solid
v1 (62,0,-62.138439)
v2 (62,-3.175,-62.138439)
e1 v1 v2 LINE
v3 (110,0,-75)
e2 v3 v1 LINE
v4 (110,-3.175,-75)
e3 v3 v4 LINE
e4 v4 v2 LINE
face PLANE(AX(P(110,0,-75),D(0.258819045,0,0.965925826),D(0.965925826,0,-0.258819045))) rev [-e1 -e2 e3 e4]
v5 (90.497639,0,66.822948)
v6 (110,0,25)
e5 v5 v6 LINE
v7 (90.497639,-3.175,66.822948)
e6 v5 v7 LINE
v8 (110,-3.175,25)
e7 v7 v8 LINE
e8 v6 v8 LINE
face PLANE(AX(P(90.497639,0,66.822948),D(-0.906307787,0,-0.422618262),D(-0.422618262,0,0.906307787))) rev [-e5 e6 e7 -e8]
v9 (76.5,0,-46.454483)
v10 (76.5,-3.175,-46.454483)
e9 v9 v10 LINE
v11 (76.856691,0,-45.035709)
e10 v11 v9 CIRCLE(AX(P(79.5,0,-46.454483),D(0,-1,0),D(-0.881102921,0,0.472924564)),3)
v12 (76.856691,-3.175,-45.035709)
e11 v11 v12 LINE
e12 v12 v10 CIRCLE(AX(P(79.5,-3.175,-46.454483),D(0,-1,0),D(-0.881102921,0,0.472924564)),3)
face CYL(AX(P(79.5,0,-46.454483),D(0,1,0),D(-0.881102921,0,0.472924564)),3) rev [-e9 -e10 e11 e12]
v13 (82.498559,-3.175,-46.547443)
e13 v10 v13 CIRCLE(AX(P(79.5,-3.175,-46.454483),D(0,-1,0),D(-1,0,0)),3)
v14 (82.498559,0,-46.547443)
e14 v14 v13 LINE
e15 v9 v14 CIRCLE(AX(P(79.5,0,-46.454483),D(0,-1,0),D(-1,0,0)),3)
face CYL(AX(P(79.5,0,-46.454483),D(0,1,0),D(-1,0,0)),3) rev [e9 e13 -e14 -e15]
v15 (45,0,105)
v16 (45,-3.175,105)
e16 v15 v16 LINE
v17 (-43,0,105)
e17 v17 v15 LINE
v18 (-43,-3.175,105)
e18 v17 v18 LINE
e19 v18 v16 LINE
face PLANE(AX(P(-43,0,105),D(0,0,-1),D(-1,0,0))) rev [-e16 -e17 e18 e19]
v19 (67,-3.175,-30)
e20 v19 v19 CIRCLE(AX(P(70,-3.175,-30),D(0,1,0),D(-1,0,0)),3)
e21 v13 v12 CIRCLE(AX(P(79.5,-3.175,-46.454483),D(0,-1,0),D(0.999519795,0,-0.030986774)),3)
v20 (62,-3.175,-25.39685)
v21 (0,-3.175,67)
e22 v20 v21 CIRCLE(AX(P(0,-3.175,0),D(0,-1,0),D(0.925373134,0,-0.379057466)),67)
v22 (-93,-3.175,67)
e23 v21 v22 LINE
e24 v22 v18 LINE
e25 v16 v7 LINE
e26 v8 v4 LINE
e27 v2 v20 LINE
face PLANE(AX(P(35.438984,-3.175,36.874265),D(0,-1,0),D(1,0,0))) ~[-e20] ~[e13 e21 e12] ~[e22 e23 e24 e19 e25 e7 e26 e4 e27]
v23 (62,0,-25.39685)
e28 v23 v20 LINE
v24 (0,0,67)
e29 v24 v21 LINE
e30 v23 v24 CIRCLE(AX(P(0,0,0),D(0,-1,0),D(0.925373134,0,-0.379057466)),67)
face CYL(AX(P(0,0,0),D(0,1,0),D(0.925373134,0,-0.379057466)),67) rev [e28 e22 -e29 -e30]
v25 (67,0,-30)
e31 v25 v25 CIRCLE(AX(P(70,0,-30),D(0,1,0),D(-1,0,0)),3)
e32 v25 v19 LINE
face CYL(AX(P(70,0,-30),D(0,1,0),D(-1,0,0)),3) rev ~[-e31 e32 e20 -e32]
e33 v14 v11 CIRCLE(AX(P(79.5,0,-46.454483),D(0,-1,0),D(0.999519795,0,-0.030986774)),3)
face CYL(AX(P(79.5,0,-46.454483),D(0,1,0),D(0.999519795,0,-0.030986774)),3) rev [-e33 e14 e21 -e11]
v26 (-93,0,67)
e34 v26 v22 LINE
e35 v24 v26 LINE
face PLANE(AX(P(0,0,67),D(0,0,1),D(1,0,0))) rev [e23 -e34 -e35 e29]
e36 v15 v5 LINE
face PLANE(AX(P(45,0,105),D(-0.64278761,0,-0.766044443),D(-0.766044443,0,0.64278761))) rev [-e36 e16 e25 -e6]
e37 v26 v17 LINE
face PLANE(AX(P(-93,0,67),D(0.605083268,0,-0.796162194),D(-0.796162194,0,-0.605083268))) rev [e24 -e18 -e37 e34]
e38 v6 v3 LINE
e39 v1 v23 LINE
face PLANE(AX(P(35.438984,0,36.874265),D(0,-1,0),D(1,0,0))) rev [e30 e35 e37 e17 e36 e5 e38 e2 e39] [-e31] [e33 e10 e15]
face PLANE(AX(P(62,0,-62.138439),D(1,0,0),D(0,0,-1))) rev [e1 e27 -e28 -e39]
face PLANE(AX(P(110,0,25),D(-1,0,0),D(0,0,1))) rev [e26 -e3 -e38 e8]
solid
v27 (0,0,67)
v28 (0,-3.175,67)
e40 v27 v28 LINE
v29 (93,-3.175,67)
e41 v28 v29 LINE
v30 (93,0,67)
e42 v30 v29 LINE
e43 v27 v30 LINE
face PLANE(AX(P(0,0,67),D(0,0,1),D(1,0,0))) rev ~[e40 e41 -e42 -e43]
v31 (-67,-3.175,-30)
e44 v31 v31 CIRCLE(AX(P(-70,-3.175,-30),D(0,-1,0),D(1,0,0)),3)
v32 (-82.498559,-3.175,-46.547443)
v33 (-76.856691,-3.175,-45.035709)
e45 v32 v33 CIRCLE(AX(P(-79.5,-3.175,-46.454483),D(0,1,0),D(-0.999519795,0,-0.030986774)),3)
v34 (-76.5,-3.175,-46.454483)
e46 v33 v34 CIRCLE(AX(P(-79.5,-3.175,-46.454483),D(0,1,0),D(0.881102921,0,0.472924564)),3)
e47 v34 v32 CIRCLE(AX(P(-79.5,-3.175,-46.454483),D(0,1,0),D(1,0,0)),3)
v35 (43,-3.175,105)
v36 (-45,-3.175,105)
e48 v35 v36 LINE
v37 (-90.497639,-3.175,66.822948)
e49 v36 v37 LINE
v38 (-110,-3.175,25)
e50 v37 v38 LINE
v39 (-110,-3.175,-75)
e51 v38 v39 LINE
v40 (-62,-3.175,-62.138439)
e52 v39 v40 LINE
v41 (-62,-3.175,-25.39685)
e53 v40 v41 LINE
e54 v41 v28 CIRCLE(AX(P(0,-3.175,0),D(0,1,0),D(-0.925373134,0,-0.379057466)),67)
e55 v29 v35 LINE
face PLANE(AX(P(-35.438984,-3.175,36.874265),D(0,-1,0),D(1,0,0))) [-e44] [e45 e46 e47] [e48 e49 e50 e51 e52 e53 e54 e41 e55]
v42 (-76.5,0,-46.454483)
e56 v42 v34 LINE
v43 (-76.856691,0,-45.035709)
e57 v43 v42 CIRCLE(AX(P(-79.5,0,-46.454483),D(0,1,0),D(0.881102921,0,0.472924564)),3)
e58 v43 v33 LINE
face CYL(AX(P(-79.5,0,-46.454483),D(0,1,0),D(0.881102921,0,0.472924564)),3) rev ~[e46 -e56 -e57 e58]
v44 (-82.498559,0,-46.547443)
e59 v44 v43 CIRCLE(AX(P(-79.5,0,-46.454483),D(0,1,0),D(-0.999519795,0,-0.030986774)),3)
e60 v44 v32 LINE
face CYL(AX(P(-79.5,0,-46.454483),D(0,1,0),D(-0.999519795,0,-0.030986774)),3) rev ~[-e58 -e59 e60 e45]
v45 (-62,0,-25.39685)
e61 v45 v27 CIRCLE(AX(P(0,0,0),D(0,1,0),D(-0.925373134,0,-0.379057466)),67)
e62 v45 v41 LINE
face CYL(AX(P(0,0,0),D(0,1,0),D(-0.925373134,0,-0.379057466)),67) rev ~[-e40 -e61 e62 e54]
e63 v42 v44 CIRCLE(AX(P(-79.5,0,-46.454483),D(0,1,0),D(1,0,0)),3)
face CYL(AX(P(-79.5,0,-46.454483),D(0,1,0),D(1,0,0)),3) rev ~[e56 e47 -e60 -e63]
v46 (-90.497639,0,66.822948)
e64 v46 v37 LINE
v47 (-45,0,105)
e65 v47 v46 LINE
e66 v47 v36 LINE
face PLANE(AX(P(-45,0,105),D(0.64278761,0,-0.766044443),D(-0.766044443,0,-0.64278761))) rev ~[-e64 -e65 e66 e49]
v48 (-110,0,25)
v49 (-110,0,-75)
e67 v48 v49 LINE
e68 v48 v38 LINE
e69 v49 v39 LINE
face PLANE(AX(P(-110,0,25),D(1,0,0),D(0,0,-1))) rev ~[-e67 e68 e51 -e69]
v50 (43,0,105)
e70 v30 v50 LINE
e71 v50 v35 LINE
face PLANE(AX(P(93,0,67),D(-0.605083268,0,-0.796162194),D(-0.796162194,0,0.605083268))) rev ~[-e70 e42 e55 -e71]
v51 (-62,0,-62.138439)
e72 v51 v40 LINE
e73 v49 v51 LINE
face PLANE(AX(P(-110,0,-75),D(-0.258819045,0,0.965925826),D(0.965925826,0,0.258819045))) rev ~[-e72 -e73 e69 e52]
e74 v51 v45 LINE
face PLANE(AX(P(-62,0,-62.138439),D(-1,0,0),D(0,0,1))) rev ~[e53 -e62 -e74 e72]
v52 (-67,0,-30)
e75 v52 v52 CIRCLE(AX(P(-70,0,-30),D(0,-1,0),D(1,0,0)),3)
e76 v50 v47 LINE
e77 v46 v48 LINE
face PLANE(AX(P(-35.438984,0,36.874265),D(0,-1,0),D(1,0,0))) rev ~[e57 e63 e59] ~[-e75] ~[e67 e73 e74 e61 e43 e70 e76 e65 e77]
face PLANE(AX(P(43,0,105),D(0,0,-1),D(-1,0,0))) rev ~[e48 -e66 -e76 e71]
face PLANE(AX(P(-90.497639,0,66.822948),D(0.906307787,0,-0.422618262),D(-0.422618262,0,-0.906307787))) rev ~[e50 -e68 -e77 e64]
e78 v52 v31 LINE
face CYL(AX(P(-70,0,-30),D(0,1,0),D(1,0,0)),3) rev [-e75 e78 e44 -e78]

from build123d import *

# Parameters (mm, degrees)
F0_R     = 3
F1_DEPTH = 3.175


with BuildPart() as f1:
    # F0 (on Front) → F1 (new body)
    with BuildSketch(Plane.XZ):
        with BuildLine():
            ThreePointArc((-62, -25.3968501984), (-55.6353707784, 37.3323655606), (0, 67))
            Line((0, 67), (93, 67))
            Line((93, 67), (43, 105))
            Line((43, 105), (-45, 105))
            Line((-45, 105), (-90.4976391801, 66.8229477445))
            Line((-90.4976391801, 66.8229477445), (-110, 25))
            Line((-110, 25), (-110, -75))
            Line((-110, -75), (-62, -62.1384387633))
            Line((-62, -62.1384387633), (-62, -25.3968501984))
        make_face()
        Polygon((-68.3660254038, -25.1698729811), (-63.1698729811, -28.1698729811), (-72.1845916068, -43.7838236568), (-80.6698729811, -58.4807621135), (-81.5358983849, -57.9807621135), (-84.4587142242, -47.0726649), (-84.8301270189, -45.6865334795), (-72.9848275573, -25.1698729811), align=None, mode=Mode.SUBTRACT)
        with BuildLine():
            Line((-72.1845916068, -43.7838236568), (-63.1698729811, -28.1698729811))
            Line((-63.1698729811, -28.1698729811), (-68.3660254038, -25.1698729811))
            Line((-68.3660254038, -25.1698729811), (-72.9848275573, -25.1698729811))
            Line((-72.9848275573, -25.1698729811), (-84.8301270189, -45.6865334795))
            Line((-84.8301270189, -45.6865334795), (-84.4587142242, -47.0726649))
            Line((-84.4587142242, -47.0726649), (-82.4985593839, -46.5474429935))
            ThreePointArc((-82.4985593839, -46.5474429935), (-80.2764571353, -43.556705193), (-76.856691238, -45.03570898))
            Line((-76.856691238, -45.03570898), (-72.1845916068, -43.7838236568))
        make_face()
        with Locations((-70, -30)):
            Circle(F0_R, mode=Mode.SUBTRACT)
        with BuildLine():
            Line((-80.6698729811, -58.4807621135), (-72.1845916068, -43.7838236568))
            Line((-72.1845916068, -43.7838236568), (-76.856691238, -45.03570898))
            ThreePointArc((-76.856691238, -45.03570898), (-76.5905390288, -45.7230205355), (-76.5, -46.4544826719))
            ThreePointArc((-76.5, -46.4544826719), (-79.4535142582, -49.4541224963), (-82.4985593839, -46.5474429935))
            Line((-82.4985593839, -46.5474429935), (-84.4587142242, -47.0726649))
            Line((-84.4587142242, -47.0726649), (-81.5358983849, -57.9807621135))
            Line((-81.5358983849, -57.9807621135), (-80.6698729811, -58.4807621135))
        make_face()
    extrude(amount=F1_DEPTH)


with BuildPart() as f2_1:
    # F2: instance of F1
    add(f1.part.mirror(Plane.YZ))


solid = Compound([f1.part, f2_1.part])
